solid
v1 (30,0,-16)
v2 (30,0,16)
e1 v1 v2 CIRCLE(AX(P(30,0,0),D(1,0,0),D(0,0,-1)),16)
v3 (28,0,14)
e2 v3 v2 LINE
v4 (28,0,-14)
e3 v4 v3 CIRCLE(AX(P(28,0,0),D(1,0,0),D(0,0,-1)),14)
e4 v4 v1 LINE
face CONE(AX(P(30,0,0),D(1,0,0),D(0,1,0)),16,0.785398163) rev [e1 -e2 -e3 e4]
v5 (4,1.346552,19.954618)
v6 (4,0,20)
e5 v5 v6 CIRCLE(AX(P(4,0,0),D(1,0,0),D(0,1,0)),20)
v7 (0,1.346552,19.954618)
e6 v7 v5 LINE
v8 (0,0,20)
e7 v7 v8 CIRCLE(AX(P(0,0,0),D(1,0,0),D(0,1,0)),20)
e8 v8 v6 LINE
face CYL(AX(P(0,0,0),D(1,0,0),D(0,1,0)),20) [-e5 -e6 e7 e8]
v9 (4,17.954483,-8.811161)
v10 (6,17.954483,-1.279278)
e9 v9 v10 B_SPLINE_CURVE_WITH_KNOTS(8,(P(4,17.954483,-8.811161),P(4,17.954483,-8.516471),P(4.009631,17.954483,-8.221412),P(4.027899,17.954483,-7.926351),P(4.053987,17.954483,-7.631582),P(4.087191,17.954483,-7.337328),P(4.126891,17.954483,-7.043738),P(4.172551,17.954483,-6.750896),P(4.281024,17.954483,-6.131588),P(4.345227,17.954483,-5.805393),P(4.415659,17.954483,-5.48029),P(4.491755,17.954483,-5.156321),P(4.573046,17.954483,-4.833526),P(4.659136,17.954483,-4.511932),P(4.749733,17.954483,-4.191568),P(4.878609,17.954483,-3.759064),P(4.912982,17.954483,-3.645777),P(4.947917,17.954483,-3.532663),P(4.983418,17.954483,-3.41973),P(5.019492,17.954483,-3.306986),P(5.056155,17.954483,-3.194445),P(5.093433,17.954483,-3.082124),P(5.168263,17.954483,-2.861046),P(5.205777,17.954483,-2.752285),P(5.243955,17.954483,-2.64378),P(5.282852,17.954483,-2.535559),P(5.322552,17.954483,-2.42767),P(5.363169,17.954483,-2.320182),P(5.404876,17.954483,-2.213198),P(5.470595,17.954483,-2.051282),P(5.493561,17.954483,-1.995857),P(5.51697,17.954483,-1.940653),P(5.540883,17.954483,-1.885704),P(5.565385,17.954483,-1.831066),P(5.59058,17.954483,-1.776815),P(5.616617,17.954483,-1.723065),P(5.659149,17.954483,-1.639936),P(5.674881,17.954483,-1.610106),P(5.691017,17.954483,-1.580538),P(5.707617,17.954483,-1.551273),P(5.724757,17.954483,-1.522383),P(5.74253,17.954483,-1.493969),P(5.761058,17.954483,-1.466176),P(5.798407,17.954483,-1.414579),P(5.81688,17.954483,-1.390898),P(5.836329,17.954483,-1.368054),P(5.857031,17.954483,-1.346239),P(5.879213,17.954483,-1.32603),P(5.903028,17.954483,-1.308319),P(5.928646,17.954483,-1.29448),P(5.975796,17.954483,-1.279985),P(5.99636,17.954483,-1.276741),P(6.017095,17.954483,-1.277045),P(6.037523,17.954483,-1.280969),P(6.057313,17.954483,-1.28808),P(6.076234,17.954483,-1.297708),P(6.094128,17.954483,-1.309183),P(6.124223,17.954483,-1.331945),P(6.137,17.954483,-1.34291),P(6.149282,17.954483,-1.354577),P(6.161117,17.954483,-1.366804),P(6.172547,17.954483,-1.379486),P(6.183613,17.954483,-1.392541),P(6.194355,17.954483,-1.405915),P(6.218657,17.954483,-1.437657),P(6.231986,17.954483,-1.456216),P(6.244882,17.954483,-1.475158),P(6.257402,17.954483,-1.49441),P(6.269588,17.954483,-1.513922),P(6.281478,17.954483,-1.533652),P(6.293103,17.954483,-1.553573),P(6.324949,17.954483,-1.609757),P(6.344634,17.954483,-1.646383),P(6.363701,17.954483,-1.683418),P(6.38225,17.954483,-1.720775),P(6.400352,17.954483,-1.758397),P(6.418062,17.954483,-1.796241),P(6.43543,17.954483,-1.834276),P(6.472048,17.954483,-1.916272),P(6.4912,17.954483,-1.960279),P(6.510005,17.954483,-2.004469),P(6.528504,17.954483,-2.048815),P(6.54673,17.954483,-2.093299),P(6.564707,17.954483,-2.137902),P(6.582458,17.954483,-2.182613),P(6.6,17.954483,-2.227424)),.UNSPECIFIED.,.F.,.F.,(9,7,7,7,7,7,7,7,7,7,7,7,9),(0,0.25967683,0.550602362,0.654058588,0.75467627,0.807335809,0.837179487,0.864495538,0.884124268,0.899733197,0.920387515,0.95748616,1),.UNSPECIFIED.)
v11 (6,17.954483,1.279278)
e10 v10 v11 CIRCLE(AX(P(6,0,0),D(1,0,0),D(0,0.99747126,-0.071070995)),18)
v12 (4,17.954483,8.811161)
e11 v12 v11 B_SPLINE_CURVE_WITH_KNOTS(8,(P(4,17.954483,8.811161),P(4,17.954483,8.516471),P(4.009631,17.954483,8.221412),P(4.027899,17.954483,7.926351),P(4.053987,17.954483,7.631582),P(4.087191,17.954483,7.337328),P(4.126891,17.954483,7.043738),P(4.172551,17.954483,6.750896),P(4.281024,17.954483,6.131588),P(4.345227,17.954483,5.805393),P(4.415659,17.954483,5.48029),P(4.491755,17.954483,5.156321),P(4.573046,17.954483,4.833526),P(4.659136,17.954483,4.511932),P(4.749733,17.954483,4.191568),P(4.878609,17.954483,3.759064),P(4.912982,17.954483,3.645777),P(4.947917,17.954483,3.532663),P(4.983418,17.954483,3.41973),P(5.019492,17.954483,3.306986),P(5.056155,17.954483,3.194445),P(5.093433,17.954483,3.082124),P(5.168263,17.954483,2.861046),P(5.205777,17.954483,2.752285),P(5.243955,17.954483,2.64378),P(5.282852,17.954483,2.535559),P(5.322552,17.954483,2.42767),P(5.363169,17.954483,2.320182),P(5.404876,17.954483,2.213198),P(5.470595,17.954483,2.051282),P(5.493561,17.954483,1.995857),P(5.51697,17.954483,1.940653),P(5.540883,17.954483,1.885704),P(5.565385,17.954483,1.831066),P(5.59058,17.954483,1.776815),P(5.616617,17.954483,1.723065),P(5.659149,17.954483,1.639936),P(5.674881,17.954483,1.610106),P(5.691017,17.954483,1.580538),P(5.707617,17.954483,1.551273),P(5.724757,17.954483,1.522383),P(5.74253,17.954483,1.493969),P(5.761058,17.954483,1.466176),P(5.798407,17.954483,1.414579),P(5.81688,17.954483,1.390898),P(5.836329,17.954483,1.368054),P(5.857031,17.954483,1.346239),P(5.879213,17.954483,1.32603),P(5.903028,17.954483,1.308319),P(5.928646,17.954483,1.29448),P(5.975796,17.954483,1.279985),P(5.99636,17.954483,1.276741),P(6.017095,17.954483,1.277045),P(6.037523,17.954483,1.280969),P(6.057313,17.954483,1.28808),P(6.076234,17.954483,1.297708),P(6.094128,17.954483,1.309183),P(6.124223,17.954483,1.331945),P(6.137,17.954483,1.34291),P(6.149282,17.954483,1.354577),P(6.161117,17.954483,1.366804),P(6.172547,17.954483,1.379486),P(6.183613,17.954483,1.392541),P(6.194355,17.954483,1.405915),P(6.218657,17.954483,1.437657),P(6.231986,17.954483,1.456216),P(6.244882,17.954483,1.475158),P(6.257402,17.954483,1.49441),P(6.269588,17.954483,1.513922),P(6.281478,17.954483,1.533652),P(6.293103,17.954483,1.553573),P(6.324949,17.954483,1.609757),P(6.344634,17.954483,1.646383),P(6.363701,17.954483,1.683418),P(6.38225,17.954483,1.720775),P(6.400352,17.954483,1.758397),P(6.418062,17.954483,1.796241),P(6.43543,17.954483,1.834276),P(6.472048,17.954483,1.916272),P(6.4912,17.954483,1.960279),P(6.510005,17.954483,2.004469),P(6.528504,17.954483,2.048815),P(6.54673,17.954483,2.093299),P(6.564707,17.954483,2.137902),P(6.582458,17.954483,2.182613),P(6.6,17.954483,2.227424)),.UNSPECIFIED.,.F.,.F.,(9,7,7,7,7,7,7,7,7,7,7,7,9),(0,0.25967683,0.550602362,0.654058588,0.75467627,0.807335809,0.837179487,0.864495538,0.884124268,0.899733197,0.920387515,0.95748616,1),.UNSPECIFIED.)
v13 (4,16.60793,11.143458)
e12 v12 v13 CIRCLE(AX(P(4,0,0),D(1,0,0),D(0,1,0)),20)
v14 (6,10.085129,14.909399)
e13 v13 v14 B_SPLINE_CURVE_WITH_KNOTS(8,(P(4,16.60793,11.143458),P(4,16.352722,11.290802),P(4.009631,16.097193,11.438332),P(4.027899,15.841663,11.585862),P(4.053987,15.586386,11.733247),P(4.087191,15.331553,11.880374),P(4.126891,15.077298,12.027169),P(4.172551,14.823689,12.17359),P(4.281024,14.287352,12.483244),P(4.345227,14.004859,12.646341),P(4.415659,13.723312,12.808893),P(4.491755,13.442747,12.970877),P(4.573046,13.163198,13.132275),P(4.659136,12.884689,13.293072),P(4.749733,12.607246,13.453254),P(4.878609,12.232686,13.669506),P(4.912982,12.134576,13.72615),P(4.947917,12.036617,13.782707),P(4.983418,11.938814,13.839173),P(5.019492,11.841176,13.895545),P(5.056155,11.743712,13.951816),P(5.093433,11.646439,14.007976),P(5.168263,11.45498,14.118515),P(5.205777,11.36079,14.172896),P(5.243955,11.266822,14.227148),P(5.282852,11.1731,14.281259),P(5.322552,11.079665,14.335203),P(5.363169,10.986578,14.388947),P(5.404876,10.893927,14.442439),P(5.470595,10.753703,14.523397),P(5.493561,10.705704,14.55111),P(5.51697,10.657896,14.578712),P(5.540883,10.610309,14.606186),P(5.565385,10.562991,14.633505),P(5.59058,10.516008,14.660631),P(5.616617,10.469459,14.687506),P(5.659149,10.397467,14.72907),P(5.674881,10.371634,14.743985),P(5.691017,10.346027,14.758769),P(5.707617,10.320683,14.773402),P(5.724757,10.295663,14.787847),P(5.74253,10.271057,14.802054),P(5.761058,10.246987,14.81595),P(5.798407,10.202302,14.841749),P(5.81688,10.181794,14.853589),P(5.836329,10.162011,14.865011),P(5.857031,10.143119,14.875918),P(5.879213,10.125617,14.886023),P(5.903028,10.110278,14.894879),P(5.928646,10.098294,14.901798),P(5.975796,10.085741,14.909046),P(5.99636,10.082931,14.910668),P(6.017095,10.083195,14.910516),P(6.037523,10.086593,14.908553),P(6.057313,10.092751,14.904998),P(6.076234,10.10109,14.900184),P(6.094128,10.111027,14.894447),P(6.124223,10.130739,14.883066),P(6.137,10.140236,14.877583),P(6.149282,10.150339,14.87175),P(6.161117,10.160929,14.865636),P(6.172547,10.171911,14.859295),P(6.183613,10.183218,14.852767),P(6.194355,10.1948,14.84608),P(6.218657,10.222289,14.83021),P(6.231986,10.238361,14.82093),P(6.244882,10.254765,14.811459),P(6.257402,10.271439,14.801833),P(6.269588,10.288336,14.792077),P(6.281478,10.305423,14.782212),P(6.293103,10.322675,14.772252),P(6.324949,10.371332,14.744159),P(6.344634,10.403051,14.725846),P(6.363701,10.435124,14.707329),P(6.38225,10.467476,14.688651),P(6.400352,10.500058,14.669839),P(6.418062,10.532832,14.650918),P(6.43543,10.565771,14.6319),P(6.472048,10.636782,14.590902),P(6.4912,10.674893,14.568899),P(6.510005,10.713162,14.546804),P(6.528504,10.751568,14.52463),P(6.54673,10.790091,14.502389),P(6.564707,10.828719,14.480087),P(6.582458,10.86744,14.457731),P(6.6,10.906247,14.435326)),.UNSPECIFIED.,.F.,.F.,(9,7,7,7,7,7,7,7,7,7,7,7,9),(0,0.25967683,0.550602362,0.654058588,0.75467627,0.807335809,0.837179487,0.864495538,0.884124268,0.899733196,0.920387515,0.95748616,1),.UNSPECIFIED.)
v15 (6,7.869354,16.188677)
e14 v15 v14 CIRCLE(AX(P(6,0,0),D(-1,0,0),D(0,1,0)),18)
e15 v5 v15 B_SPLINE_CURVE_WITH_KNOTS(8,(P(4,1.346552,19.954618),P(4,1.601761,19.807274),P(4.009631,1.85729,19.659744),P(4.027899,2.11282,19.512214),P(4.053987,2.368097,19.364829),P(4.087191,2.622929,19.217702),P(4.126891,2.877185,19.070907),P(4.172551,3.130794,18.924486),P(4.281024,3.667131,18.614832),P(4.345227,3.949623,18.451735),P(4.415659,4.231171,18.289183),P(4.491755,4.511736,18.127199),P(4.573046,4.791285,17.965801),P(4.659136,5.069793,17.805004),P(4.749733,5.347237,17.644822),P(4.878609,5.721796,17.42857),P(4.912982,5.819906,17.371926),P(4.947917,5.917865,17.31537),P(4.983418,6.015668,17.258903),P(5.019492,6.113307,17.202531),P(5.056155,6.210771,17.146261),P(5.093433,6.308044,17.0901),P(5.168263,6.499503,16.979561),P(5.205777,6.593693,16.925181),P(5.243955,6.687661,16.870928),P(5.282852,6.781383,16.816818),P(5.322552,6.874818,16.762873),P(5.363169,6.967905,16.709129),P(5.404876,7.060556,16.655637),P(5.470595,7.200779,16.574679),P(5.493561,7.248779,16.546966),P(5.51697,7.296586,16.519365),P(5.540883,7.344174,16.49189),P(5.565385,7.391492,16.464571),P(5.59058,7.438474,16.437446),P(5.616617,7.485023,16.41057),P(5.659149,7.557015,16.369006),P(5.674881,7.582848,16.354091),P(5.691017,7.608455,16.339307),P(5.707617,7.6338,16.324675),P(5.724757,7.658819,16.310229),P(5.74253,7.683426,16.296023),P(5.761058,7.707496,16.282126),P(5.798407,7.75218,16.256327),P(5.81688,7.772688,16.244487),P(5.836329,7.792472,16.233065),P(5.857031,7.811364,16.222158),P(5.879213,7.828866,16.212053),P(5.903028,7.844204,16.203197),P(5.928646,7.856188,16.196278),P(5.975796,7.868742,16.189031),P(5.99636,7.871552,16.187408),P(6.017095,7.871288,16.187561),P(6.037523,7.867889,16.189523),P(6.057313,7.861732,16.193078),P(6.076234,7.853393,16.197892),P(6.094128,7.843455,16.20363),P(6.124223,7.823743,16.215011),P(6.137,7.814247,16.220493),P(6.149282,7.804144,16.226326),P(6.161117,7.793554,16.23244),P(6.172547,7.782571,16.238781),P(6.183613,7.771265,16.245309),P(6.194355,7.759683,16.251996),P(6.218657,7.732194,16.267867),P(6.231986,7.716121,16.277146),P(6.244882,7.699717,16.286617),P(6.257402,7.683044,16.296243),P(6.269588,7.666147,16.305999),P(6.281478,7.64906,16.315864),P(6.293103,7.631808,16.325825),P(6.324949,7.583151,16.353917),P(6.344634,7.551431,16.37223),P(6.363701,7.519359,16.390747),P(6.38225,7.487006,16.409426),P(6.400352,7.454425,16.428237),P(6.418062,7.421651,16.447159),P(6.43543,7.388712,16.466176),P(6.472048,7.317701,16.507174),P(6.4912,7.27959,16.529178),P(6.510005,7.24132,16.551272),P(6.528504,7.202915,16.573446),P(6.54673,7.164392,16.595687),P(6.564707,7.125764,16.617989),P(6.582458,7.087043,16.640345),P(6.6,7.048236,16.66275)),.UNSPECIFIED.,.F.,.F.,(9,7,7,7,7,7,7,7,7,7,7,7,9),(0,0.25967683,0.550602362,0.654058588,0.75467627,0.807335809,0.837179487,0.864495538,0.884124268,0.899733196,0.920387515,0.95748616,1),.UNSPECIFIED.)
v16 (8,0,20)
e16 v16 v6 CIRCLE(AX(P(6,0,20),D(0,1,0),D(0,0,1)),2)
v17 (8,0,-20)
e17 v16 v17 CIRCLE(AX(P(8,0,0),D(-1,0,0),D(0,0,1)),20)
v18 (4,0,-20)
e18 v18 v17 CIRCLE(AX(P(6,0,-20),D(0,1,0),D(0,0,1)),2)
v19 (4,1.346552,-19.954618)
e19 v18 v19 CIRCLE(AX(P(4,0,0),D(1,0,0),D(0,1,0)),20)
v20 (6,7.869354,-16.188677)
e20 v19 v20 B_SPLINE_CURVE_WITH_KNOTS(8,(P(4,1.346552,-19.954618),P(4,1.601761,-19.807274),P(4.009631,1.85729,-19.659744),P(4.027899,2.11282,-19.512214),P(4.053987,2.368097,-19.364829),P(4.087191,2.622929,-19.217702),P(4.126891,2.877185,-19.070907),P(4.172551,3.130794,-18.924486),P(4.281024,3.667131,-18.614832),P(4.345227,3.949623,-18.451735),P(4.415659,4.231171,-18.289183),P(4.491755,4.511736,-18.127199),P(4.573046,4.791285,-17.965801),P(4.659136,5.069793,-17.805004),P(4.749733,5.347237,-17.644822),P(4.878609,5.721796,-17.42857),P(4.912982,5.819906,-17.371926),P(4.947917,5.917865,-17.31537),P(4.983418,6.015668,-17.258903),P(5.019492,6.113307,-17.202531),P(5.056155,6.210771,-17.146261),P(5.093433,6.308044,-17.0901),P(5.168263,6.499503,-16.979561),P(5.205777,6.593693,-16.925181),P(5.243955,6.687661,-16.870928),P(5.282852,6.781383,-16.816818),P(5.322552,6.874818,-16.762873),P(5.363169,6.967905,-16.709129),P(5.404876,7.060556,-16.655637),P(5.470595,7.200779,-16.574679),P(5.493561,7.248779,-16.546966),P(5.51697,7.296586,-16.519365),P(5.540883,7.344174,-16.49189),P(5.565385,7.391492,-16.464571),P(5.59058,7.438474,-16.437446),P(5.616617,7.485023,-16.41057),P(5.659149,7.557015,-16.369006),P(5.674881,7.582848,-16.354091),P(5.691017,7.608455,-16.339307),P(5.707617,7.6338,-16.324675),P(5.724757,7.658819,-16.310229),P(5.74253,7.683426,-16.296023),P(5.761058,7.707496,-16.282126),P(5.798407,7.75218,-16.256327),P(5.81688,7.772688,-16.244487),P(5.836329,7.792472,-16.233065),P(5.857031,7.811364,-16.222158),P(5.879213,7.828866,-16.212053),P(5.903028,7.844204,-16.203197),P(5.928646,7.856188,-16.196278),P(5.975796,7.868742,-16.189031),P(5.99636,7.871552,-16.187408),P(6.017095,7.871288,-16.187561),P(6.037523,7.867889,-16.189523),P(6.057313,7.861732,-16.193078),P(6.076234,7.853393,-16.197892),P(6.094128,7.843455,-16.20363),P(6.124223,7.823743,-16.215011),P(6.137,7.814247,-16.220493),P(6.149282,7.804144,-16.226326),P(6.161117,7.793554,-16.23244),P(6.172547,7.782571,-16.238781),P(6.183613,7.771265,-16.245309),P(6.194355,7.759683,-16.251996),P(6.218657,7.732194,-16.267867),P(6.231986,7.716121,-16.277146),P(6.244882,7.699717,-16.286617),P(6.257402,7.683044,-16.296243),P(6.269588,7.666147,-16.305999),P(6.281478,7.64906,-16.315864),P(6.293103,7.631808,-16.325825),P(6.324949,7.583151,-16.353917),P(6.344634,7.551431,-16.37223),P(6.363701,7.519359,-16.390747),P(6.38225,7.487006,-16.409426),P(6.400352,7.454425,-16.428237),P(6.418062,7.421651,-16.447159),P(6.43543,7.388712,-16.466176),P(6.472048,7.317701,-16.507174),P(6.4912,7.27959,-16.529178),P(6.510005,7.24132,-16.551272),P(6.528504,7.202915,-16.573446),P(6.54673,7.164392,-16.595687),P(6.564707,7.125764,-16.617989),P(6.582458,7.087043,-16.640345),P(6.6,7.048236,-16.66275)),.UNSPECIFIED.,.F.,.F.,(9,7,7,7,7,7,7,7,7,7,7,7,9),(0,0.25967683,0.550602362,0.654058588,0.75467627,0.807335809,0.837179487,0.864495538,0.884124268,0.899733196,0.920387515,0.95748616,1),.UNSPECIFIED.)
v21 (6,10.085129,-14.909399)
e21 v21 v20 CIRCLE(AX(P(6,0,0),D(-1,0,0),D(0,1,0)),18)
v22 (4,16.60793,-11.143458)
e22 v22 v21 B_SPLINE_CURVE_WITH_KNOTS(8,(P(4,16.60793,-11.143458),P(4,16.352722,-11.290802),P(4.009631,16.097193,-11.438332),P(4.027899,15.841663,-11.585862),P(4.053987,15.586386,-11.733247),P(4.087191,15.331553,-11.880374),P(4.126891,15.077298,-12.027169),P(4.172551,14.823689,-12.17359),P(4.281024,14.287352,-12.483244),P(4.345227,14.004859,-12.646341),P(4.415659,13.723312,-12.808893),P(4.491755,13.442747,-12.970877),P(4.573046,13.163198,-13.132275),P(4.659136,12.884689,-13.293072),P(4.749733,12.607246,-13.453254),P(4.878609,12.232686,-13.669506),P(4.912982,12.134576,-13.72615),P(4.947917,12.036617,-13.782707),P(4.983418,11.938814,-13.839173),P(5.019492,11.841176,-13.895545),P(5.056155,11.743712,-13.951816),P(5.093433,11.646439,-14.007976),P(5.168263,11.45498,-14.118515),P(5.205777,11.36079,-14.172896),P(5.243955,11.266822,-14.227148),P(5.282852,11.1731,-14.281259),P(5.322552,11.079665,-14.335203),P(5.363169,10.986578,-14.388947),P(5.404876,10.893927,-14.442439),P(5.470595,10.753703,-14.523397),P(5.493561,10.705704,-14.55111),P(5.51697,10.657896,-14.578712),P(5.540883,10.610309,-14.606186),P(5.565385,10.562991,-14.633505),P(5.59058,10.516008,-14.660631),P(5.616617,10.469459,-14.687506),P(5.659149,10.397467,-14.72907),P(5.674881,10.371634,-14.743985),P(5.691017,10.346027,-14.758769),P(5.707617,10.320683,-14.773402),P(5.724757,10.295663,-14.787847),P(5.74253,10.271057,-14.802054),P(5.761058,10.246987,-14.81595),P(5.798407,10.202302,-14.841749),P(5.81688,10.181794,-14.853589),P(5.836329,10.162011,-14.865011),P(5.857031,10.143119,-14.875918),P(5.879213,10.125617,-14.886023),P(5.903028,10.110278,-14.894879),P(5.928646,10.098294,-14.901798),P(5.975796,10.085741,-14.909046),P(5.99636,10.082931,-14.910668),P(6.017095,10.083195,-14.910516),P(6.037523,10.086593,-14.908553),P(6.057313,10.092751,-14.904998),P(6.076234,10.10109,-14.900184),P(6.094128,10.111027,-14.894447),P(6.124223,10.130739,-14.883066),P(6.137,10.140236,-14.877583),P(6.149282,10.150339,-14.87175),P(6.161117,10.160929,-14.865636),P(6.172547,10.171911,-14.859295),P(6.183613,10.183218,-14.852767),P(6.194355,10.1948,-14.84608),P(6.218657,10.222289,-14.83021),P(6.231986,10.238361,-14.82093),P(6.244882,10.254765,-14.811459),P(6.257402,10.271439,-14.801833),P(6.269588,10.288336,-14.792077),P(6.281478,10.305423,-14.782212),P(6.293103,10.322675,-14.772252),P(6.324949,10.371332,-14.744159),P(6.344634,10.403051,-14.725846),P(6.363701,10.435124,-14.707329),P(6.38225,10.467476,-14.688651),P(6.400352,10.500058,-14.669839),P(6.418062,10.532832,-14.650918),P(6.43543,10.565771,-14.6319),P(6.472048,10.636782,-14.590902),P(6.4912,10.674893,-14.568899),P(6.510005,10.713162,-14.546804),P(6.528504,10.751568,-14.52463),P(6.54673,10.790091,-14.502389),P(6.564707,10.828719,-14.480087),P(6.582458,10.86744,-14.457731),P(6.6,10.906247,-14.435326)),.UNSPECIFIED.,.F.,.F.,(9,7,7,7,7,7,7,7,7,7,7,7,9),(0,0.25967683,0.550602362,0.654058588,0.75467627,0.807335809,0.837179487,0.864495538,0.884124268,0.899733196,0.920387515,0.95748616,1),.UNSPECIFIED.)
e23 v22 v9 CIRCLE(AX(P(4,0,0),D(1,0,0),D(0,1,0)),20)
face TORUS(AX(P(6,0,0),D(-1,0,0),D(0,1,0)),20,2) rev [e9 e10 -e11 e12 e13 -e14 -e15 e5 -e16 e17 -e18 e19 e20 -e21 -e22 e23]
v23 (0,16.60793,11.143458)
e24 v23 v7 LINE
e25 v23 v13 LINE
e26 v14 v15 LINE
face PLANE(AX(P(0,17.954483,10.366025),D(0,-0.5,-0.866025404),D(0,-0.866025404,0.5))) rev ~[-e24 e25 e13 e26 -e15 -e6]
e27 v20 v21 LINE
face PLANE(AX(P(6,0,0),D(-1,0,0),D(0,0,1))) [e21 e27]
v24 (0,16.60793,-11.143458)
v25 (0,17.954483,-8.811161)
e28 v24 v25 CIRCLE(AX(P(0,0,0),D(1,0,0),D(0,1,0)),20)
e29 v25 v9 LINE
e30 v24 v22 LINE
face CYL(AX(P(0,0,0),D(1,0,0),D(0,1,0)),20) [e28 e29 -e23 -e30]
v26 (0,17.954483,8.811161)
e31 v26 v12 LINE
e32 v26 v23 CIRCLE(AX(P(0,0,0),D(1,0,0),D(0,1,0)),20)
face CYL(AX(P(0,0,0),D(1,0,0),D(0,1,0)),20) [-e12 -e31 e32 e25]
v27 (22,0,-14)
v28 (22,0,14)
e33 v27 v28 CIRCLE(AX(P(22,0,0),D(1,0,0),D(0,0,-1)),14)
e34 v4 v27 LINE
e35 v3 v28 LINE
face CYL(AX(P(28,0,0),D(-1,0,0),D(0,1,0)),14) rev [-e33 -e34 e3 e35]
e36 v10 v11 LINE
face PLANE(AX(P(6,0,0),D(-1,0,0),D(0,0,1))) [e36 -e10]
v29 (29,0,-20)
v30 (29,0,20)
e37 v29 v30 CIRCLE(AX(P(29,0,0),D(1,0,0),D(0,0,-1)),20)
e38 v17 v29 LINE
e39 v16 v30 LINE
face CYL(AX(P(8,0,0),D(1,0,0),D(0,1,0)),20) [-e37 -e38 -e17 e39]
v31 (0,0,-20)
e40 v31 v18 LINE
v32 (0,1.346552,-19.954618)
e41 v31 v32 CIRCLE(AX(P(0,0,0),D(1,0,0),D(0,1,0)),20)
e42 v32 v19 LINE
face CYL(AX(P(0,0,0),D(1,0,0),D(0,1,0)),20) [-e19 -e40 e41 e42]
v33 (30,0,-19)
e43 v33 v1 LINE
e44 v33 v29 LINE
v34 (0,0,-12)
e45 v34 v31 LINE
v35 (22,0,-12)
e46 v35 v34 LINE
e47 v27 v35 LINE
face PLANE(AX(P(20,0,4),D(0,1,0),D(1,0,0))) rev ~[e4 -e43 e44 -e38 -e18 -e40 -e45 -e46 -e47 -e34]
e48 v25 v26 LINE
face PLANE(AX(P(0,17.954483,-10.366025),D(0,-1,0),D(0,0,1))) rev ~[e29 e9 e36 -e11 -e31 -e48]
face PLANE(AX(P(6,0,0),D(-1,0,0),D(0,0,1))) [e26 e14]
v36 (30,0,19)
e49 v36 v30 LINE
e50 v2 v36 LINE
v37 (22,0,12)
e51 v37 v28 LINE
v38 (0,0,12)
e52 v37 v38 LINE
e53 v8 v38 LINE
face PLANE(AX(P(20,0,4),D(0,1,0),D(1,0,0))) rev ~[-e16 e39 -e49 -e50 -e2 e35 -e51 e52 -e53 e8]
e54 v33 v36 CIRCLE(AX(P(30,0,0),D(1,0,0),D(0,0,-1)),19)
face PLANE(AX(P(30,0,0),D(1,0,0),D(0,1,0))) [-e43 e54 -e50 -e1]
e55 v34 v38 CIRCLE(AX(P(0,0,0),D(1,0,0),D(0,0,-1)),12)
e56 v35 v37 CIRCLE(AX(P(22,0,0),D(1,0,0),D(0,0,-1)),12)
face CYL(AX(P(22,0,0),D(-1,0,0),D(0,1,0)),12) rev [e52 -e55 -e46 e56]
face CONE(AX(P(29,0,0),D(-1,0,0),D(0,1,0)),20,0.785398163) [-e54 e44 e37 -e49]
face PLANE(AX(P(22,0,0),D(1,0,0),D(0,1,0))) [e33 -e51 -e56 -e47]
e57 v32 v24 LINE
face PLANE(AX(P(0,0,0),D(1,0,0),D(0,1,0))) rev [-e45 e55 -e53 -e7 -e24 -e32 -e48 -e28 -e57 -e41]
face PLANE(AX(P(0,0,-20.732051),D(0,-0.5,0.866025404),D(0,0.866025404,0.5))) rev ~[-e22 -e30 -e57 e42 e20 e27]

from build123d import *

# Parameters (mm, degrees)
ESQUISSE3_R             = 23.853720884
ENL_V_MAT_EXTRU_2_DEPTH = 6
ESQUISSE4_W             = 60
ESQUISSE4_H             = 84
ENL_V_MAT_EXTRU_3_DEPTH = 42.231056353


with BuildPart() as part:
    # Esquisse1 → Base-Révolution (revolve)
    with BuildSketch(Plane.XY):
        with BuildLine():
            Line((0, 12), (0, 20))
            Line((0, 20), (4, 20))
            ThreePointArc((4, 20), (6, 18), (8, 20))
            Line((8, 20), (29, 20))
            Line((29, 20), (30, 19))
            Line((30, 19), (30, 16))
            Line((30, 16), (28, 14))
            Line((28, 14), (22, 14))
            Line((22, 14), (22, 12))
            Line((22, 12), (0, 12))
        make_face()
    revolve(axis=Axis((-10, 0, 0), (1, 0, 0)))

    # Esquisse3 → Enlèv. mat.-Extru.2 (cut)
    with BuildSketch(Plane.ZY):
        Circle(ESQUISSE3_R)
        Polygon((-20.732050808, 0), (-10.366025404, 17.954482672), (10.366025404, 17.954482672), (20.732050808, 0), (10.366025404, -17.954482672), (-10.366025404, -17.954482672), align=None, mode=Mode.SUBTRACT)
    extrude(amount=-ENL_V_MAT_EXTRU_2_DEPTH, mode=Mode.SUBTRACT)

    # Esquisse4 → Enlèv. mat.-Extru.3 (cut, through all)
    with BuildSketch(Plane(origin=(0, 0, 0), x_dir=(1, 0, 0), z_dir=(0, 1, 0))):
        with Locations((20, -4)):
            Rectangle(ESQUISSE4_W, ESQUISSE4_H)
    extrude(amount=-ENL_V_MAT_EXTRU_3_DEPTH, mode=Mode.SUBTRACT)


solid = part.part
